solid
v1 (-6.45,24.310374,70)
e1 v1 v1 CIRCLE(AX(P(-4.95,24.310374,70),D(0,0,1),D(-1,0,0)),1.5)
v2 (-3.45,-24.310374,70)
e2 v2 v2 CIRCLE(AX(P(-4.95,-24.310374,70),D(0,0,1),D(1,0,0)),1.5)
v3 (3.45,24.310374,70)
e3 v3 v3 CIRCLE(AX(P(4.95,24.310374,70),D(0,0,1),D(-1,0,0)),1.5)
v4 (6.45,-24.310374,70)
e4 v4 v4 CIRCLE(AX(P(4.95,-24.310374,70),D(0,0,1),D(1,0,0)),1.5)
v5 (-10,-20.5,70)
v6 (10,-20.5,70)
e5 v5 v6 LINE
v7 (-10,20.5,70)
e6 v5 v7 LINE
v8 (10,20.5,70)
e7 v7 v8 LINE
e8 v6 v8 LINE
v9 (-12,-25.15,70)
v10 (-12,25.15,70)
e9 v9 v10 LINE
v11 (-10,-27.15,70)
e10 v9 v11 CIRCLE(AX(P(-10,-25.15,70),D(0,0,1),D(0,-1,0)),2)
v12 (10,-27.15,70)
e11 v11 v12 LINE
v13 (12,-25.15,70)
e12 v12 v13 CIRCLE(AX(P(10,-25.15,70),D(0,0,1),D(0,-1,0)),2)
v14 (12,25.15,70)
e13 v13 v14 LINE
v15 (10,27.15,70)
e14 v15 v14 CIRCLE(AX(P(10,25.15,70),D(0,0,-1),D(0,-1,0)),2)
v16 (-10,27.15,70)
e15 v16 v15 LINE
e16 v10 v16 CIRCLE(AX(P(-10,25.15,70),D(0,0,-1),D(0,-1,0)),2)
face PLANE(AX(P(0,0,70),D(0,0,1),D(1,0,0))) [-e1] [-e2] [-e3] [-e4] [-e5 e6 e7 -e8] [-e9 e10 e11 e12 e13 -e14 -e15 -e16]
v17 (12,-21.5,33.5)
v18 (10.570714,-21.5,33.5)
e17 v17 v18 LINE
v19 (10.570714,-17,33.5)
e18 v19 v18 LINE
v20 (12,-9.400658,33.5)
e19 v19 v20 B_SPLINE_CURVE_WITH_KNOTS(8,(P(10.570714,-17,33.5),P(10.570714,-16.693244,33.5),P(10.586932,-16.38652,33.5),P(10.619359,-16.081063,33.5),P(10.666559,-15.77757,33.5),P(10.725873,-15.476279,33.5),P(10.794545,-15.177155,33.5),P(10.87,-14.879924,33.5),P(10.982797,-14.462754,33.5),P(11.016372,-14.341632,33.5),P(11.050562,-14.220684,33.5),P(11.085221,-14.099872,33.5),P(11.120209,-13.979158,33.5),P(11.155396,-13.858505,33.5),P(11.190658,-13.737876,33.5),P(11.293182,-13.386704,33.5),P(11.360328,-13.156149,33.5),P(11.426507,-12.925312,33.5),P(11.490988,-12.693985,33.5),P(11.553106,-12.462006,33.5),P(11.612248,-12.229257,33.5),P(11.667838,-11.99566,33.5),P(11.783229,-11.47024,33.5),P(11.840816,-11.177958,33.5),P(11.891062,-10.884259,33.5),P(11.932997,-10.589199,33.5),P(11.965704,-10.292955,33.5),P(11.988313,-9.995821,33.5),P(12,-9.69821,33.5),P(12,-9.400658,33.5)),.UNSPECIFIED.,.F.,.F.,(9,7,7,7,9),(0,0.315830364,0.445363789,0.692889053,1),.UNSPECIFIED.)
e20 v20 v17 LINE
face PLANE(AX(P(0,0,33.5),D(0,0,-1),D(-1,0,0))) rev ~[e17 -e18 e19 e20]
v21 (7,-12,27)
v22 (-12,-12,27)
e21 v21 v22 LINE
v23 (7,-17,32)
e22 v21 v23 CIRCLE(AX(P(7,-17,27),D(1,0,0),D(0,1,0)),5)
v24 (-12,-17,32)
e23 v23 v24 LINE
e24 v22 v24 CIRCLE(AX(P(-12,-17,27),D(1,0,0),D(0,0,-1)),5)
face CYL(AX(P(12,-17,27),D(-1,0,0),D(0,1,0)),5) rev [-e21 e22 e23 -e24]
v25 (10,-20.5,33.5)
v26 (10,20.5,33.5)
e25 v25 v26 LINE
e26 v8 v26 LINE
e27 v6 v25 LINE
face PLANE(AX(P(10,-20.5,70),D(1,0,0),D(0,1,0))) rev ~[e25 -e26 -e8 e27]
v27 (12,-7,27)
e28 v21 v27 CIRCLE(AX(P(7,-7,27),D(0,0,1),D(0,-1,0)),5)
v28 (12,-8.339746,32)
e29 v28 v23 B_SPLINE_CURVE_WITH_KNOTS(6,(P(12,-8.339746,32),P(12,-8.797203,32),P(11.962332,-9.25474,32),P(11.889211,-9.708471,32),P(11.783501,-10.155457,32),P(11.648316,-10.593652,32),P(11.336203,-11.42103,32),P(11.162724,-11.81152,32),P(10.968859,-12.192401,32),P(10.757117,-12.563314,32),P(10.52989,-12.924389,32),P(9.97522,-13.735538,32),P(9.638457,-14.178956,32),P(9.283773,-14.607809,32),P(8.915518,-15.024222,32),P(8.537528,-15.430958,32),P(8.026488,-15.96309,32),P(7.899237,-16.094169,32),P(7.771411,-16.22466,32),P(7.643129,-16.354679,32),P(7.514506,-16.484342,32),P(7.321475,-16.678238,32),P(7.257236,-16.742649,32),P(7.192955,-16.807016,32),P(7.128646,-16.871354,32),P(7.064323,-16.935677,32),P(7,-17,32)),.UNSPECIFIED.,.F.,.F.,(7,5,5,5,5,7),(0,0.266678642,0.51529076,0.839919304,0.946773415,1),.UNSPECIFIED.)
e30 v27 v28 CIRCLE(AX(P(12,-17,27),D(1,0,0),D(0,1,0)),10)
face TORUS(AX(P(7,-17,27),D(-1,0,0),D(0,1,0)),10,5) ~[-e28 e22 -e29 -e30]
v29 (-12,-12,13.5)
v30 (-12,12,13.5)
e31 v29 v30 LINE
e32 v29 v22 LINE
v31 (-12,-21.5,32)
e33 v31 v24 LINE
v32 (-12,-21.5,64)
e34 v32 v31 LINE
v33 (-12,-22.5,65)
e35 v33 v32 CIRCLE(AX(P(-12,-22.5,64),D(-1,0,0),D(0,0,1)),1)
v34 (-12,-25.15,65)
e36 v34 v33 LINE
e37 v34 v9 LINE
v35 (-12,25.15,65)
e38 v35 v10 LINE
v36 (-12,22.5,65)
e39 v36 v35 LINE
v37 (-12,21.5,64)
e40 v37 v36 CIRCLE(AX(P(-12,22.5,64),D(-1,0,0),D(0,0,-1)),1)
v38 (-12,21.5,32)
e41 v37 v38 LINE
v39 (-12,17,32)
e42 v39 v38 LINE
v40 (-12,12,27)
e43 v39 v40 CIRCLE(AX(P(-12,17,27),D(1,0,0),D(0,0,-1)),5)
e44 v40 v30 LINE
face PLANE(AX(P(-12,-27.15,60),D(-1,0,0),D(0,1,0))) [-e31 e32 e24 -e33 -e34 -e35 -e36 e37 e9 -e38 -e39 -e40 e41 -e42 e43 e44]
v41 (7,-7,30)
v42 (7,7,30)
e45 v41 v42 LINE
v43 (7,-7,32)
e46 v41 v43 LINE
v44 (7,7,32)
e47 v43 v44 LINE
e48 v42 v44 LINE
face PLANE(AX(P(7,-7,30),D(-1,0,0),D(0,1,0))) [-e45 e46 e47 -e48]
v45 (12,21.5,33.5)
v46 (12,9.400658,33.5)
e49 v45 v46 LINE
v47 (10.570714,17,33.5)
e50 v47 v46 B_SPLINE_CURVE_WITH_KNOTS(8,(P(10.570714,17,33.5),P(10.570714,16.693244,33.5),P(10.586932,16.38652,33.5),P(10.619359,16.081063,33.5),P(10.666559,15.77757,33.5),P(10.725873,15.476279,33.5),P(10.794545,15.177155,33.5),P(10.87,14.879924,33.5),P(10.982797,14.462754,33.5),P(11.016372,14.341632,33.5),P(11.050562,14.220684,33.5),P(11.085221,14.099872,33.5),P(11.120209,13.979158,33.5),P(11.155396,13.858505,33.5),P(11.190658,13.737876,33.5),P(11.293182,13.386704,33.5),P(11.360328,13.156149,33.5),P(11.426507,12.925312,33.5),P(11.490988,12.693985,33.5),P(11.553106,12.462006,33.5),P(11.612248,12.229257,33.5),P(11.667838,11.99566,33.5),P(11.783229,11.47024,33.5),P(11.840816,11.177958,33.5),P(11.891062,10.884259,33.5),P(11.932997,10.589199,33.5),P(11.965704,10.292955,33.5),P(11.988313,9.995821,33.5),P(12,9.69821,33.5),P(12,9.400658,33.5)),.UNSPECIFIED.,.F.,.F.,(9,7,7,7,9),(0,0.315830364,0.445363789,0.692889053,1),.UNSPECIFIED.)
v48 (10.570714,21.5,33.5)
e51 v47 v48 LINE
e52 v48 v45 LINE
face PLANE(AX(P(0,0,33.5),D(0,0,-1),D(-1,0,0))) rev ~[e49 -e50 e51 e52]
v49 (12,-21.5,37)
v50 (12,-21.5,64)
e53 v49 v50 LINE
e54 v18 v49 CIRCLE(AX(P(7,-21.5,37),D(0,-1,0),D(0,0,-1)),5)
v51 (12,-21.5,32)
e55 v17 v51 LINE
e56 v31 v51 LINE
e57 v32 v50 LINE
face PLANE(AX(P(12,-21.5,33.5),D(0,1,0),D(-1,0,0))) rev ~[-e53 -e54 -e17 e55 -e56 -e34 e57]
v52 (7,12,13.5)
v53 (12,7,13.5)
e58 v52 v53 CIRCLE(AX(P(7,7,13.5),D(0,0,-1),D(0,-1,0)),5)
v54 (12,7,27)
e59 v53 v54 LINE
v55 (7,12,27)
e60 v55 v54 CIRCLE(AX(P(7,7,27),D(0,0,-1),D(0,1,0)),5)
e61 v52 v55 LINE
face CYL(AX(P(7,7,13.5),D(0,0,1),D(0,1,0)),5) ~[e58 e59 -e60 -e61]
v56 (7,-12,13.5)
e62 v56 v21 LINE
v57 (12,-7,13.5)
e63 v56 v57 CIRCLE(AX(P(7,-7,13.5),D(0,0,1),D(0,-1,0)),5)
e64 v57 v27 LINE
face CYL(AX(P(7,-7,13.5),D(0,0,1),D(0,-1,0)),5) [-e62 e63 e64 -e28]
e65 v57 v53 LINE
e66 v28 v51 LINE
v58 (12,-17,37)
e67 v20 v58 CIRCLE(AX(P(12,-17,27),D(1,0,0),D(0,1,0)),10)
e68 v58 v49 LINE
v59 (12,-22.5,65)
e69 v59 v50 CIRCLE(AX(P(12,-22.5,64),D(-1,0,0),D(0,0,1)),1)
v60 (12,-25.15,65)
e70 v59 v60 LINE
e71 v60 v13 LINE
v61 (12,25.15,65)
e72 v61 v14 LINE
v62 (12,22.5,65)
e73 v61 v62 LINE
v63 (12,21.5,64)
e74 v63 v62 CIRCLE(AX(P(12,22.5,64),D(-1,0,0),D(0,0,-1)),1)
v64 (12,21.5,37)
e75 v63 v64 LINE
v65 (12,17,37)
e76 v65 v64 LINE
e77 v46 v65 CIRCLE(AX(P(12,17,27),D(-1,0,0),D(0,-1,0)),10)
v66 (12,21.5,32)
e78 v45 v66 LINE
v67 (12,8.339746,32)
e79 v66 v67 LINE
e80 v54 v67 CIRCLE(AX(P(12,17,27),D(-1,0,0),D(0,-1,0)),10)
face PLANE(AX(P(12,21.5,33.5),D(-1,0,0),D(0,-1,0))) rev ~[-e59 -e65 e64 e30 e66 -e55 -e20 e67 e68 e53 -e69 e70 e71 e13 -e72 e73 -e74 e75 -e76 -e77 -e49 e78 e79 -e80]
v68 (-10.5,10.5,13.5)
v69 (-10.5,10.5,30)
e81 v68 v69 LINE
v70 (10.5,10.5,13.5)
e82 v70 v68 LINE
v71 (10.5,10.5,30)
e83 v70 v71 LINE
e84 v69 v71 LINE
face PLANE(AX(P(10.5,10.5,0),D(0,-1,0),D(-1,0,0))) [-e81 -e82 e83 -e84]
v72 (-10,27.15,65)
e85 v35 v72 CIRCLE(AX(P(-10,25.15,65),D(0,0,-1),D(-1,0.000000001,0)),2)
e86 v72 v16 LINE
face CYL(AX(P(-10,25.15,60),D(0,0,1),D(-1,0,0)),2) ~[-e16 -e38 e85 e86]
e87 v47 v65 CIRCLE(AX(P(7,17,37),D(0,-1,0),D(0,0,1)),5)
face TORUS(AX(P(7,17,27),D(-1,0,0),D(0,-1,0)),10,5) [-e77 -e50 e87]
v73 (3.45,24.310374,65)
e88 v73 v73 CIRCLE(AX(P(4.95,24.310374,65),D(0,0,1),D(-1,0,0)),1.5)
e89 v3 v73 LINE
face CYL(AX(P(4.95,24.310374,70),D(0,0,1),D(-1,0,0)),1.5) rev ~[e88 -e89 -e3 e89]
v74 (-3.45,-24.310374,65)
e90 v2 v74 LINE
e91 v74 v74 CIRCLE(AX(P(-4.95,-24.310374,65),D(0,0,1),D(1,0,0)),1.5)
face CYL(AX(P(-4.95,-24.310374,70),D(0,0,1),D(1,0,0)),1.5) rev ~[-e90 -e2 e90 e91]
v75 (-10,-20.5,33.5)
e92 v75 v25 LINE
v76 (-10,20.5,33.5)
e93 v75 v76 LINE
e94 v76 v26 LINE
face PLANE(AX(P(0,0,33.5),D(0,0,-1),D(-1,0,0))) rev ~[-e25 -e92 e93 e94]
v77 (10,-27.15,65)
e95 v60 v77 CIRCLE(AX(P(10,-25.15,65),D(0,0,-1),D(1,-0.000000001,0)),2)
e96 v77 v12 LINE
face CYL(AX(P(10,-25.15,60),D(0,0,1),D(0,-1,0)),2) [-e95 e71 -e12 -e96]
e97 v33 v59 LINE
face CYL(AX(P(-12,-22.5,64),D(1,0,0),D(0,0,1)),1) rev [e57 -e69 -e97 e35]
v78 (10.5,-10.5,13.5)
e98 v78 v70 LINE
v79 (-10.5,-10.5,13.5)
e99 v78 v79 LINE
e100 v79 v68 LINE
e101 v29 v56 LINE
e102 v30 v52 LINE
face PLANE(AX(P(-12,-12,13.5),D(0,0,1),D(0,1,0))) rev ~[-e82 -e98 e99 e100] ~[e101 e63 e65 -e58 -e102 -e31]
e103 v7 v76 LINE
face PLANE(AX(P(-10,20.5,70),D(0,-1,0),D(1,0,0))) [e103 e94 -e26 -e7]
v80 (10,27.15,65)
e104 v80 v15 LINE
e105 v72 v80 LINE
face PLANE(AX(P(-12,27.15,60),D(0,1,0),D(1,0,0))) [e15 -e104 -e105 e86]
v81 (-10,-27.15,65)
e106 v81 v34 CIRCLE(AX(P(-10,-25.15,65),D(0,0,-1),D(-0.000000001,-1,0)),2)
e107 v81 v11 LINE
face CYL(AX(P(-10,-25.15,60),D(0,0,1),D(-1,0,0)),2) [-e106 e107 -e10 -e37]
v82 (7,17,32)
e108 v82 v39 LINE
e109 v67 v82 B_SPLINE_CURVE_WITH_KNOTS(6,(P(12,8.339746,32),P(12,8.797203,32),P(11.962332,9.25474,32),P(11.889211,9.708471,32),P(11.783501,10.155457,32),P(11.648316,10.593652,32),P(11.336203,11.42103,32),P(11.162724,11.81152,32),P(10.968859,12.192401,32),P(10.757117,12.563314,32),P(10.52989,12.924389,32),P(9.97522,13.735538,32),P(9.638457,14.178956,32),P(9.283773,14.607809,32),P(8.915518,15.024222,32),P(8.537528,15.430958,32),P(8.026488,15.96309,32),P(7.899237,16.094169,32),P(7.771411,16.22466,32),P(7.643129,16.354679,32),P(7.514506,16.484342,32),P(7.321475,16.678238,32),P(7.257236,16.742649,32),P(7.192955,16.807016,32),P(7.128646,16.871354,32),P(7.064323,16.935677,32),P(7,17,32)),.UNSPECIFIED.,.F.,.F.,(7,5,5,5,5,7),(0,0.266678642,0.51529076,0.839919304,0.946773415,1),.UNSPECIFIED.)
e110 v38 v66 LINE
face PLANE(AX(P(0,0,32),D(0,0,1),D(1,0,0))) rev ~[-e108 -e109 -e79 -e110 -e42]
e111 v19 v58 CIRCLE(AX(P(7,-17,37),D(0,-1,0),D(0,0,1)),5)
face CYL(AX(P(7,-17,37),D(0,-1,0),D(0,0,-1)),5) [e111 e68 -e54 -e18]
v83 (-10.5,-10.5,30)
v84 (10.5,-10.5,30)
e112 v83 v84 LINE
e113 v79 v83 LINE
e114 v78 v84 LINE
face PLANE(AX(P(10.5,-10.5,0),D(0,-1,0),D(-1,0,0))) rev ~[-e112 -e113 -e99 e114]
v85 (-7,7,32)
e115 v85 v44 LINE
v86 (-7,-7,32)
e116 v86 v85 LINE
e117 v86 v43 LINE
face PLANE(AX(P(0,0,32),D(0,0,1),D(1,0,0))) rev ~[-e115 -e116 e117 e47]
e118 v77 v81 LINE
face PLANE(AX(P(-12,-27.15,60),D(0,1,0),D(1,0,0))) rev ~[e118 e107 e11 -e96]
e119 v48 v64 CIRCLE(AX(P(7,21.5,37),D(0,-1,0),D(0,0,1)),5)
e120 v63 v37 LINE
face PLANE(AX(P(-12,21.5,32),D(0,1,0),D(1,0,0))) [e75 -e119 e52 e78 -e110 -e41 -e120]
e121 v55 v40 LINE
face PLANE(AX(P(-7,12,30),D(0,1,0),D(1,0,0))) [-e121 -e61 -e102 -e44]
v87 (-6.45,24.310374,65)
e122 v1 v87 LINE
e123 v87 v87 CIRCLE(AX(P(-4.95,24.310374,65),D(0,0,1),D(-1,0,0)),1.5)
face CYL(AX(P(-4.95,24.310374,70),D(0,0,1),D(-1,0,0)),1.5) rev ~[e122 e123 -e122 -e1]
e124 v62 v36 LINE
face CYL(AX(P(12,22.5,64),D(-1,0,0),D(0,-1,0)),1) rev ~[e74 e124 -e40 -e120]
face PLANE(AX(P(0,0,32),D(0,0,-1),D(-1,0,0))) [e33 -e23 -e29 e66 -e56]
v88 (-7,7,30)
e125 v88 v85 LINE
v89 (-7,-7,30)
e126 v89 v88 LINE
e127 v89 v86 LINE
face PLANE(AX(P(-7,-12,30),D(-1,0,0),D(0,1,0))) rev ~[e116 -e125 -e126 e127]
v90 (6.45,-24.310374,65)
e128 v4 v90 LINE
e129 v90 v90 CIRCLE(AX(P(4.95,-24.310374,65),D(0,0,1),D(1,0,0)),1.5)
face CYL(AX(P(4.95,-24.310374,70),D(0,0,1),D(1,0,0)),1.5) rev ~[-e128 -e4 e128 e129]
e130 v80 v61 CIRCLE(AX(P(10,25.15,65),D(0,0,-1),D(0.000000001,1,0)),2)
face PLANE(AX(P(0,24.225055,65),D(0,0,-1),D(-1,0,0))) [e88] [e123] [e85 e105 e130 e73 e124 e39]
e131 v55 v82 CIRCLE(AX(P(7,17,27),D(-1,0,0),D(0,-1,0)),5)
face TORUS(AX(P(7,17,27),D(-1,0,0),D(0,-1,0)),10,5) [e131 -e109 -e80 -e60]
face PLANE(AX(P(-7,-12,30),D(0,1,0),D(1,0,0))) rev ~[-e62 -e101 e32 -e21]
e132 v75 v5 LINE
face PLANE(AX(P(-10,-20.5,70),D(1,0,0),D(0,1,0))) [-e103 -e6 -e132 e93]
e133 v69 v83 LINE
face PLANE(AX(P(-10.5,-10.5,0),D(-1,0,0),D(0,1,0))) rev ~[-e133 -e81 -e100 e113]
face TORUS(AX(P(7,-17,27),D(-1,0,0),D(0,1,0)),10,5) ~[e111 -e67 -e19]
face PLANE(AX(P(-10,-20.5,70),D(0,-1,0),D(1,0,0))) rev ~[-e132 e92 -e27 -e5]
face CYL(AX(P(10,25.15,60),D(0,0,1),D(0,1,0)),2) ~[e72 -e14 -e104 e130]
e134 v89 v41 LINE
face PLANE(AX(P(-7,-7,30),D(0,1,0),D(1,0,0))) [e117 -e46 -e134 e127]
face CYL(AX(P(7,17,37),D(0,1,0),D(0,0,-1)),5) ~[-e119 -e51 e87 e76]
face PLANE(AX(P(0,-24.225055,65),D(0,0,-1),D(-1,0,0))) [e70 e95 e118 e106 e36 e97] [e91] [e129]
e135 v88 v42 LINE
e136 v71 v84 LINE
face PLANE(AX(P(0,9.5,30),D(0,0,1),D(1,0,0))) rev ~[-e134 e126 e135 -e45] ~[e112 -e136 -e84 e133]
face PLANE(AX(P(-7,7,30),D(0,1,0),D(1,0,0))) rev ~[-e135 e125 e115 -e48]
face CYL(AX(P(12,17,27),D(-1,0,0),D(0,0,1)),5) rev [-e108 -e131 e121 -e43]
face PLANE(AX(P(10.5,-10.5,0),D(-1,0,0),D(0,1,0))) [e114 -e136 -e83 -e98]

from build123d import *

# Parameters (mm, degrees)
SKETCH_1_W          = 24
SKETCH_1_H          = 24
EXTRUDE_1_DEPTH     = 30
SKETCH_2_W          = 21
SKETCH_2_H          = 21
CUT_EXTRUDE_1_DEPTH = 35.467375879
SKETCH_3_W          = 5
SKETCH_3_H          = 24
EXTRUDE_3_DEPTH     = 2
SKETCH_4_W          = 19
SKETCH_4_H          = 5
EXTRUDE_4_DEPTH     = 2
SKETCH_5_W          = 5
SKETCH_5_H          = 19
EXTRUDE_5_DEPTH     = 2
SKETCH_6_W          = 14
SKETCH_6_H          = 5
EXTRUDE_6_DEPTH     = 2
SKETCH_7_W          = 24
SKETCH_7_H          = 43
EXTRUDE_7_DEPTH     = 28
SKETCH_9_W          = 20
SKETCH_9_H          = 41
CUT_EXTRUDE_2_DEPTH = 27
SKETCH_11_W         = 24
SKETCH_11_H         = 54.3
EXTRUDE_20_DEPTH    = 10
SKETCH_12_W         = 20
SKETCH_12_H         = 41
CUT_EXTRUDE_4_DEPTH = 10
SKETCH_13_R         = 1.5
CUT_EXTRUDE_5_DEPTH = 10
FILLET_2_R          = 5
FILLET_3_R          = 2
CUT_EXTRUDE_START   = -5
CUT_EXTRUDE_6_DEPTH = 5
CUT_EXTRUDE_7_DEPTH = 5
FILLET_4_R          = 1
SKETCH_17_W         = 13.5
SKETCH_17_H         = 24.100930422
CUT_EXTRUDE_8_DEPTH = 45
FILLET_6_R          = 5
EXTRUDE_START       = -1.5
EXTRUDE_23_DEPTH    = 1.5


with BuildPart() as part:
    # 草图1 → 凸台-拉伸1 (new body)
    with BuildSketch(Plane.XY):
        Rectangle(SKETCH_1_W, SKETCH_1_H)
    extrude(amount=EXTRUDE_1_DEPTH)

    # 草图2 → 切除-拉伸1 (cut, through all)
    with BuildSketch(Plane(origin=(0, 0, 0), x_dir=(-1, 0, 0), z_dir=(0, 0, -1))):
        Rectangle(SKETCH_2_W, SKETCH_2_H)
    extrude(amount=-CUT_EXTRUDE_1_DEPTH, mode=Mode.SUBTRACT)

    # 草图3 → 凸台-拉伸3 (add)
    with BuildSketch(Plane.XY.offset(30)):
        with Locations((-9.5, 0)):
            Rectangle(SKETCH_3_W, SKETCH_3_H)
    extrude(amount=EXTRUDE_3_DEPTH)

    # 草图4 → 凸台-拉伸4 (add)
    with BuildSketch(Plane.XY.offset(30)):
        with Locations((2.5, -9.5)):
            Rectangle(SKETCH_4_W, SKETCH_4_H)
    extrude(amount=EXTRUDE_4_DEPTH)

    # 草图5 → 凸台-拉伸5 (add)
    with BuildSketch(Plane.XY.offset(30)):
        with Locations((9.5, 2.5)):
            Rectangle(SKETCH_5_W, SKETCH_5_H)
    extrude(amount=EXTRUDE_5_DEPTH)

    # 草图6 → 凸台-拉伸6 (add)
    with BuildSketch(Plane.XY.offset(30)):
        with Locations((0, 9.5)):
            Rectangle(SKETCH_6_W, SKETCH_6_H)
    extrude(amount=EXTRUDE_6_DEPTH)

    # 草图7 → 凸台-拉伸7 (add)
    with BuildSketch(Plane.XY.offset(32)):
        Rectangle(SKETCH_7_W, SKETCH_7_H)
    extrude(amount=EXTRUDE_7_DEPTH)

    # 草图9 → 切除-拉伸2 (cut)
    with BuildSketch(Plane.XY.offset(60)):
        Rectangle(SKETCH_9_W, SKETCH_9_H)
    extrude(amount=-CUT_EXTRUDE_2_DEPTH, mode=Mode.SUBTRACT)

    # 草图11 → 凸台-拉伸20 (add)
    with BuildSketch(Plane.XY.offset(60)):
        Rectangle(SKETCH_11_W, SKETCH_11_H)
    extrude(amount=EXTRUDE_20_DEPTH)

    # 草图12 → 切除-拉伸4 (cut)
    with BuildSketch(Plane.XY.offset(70)):
        Rectangle(SKETCH_12_W, SKETCH_12_H)
    extrude(amount=-CUT_EXTRUDE_4_DEPTH, mode=Mode.SUBTRACT)

    # 草图13 → 切除-拉伸5 (cut)
    with BuildSketch(Plane.XY.offset(70)):
        with Locations((-4.95, -24.310374207)):
            Circle(SKETCH_13_R)
        with Locations((4.95, -24.310374207)):
            Circle(SKETCH_13_R)
        with Locations(Location((4.95, 24.310374207, 0), (0, 0, 180))):
            Circle(SKETCH_13_R)
        with Locations(Location((-4.95, 24.310374207, 0), (0, 0, 180))):
            Circle(SKETCH_13_R)
    extrude(amount=-CUT_EXTRUDE_5_DEPTH, mode=Mode.SUBTRACT)

    # 圆角2
    fillet_2_edges = [part.edges().sort_by_distance(p)[0] for p in [
        (0, -12, 32),
        (0, 12, 32),
    ]]
    fillet(fillet_2_edges, radius=FILLET_2_R)

    # 圆角3
    fillet_3_edges = [part.edges().sort_by_distance(p)[0] for p in [
        (12, -27.15, 65),
        (12, 27.15, 65),
        (-12, 27.15, 65),
        (-12, -27.15, 65),
    ]]
    fillet(fillet_3_edges, radius=FILLET_3_R)

    # 草图15 → 切除-拉伸6 (cut)
    with BuildSketch(Plane(origin=(0, 0, 60), x_dir=(-1, 0, 0), z_dir=(0, 0, -1)).offset(CUT_EXTRUDE_START)):
        with BuildLine():
            Line((-12, -21.5), (-12, -25.15))
            ThreePointArc((-12, -25.15), (-11.414213562, -26.564213562), (-10, -27.15))
            Line((-10, -27.15), (10, -27.15))
            ThreePointArc((10, -27.15), (11.414213562, -26.564213562), (12, -25.15))
            Line((12, -25.15), (12, -21.5))
            Line((12, -21.5), (-12, -21.5))
        make_face()
    extrude(amount=CUT_EXTRUDE_6_DEPTH, mode=Mode.SUBTRACT)

    # 草图16 → 切除-拉伸7 (cut)
    with BuildSketch(Plane(origin=(0, 0, 60), x_dir=(-1, 0, 0), z_dir=(0, 0, -1)).offset(CUT_EXTRUDE_START)):
        with BuildLine():
            Line((12, 21.5), (12, 25.15))
            ThreePointArc((12, 25.15), (11.414213562, 26.564213562), (10, 27.15))
            Line((10, 27.15), (-10, 27.15))
            ThreePointArc((-10, 27.15), (-11.414213562, 26.564213562), (-12, 25.15))
            Line((-12, 25.15), (-12, 21.5))
            Line((-12, 21.5), (12, 21.5))
        make_face()
    extrude(amount=CUT_EXTRUDE_7_DEPTH, mode=Mode.SUBTRACT)

    # 圆角4
    fillet_4_edges = [part.edges().sort_by_distance(p)[0] for p in [
        (0, -21.5, 65),
        (0, 21.5, 65),
    ]]
    fillet(fillet_4_edges, radius=FILLET_4_R)

    # 草图17 → 切除-拉伸8 (cut)
    with BuildSketch(Plane.ZY.offset(12)):
        with Locations((6.75, 0.050465211)):
            Rectangle(SKETCH_17_W, SKETCH_17_H)
    extrude(amount=-CUT_EXTRUDE_8_DEPTH, mode=Mode.SUBTRACT)

    # 圆角6
    fillet_6_edges = [part.edges().sort_by_distance(p)[0] for p in [
        (12, -12, 20.25),
        (12, 19.25, 32),
        (12, 12, 20.25),
        (12, -13.464466094, 30.535533906),
        (12, 13.464466094, 30.535533906),
        (12, -19.25, 32),
    ]]
    fillet(fillet_6_edges, radius=FILLET_6_R)

    # 草图27 → 凸台-拉伸23 (add)
    with BuildSketch(Plane(origin=(0, 0, 32), x_dir=(-1, 0, 0), z_dir=(0, 0, -1)).offset(EXTRUDE_START)):
        Polygon((-12, 17), (-12, 3.059411708), (-12, -3.059411708), (-12, -17), (-12, -21.5), (12, -21.5), (12, 21.5), (-12, 21.5), align=None)
    extrude(amount=EXTRUDE_23_DEPTH)


solid = part.part
